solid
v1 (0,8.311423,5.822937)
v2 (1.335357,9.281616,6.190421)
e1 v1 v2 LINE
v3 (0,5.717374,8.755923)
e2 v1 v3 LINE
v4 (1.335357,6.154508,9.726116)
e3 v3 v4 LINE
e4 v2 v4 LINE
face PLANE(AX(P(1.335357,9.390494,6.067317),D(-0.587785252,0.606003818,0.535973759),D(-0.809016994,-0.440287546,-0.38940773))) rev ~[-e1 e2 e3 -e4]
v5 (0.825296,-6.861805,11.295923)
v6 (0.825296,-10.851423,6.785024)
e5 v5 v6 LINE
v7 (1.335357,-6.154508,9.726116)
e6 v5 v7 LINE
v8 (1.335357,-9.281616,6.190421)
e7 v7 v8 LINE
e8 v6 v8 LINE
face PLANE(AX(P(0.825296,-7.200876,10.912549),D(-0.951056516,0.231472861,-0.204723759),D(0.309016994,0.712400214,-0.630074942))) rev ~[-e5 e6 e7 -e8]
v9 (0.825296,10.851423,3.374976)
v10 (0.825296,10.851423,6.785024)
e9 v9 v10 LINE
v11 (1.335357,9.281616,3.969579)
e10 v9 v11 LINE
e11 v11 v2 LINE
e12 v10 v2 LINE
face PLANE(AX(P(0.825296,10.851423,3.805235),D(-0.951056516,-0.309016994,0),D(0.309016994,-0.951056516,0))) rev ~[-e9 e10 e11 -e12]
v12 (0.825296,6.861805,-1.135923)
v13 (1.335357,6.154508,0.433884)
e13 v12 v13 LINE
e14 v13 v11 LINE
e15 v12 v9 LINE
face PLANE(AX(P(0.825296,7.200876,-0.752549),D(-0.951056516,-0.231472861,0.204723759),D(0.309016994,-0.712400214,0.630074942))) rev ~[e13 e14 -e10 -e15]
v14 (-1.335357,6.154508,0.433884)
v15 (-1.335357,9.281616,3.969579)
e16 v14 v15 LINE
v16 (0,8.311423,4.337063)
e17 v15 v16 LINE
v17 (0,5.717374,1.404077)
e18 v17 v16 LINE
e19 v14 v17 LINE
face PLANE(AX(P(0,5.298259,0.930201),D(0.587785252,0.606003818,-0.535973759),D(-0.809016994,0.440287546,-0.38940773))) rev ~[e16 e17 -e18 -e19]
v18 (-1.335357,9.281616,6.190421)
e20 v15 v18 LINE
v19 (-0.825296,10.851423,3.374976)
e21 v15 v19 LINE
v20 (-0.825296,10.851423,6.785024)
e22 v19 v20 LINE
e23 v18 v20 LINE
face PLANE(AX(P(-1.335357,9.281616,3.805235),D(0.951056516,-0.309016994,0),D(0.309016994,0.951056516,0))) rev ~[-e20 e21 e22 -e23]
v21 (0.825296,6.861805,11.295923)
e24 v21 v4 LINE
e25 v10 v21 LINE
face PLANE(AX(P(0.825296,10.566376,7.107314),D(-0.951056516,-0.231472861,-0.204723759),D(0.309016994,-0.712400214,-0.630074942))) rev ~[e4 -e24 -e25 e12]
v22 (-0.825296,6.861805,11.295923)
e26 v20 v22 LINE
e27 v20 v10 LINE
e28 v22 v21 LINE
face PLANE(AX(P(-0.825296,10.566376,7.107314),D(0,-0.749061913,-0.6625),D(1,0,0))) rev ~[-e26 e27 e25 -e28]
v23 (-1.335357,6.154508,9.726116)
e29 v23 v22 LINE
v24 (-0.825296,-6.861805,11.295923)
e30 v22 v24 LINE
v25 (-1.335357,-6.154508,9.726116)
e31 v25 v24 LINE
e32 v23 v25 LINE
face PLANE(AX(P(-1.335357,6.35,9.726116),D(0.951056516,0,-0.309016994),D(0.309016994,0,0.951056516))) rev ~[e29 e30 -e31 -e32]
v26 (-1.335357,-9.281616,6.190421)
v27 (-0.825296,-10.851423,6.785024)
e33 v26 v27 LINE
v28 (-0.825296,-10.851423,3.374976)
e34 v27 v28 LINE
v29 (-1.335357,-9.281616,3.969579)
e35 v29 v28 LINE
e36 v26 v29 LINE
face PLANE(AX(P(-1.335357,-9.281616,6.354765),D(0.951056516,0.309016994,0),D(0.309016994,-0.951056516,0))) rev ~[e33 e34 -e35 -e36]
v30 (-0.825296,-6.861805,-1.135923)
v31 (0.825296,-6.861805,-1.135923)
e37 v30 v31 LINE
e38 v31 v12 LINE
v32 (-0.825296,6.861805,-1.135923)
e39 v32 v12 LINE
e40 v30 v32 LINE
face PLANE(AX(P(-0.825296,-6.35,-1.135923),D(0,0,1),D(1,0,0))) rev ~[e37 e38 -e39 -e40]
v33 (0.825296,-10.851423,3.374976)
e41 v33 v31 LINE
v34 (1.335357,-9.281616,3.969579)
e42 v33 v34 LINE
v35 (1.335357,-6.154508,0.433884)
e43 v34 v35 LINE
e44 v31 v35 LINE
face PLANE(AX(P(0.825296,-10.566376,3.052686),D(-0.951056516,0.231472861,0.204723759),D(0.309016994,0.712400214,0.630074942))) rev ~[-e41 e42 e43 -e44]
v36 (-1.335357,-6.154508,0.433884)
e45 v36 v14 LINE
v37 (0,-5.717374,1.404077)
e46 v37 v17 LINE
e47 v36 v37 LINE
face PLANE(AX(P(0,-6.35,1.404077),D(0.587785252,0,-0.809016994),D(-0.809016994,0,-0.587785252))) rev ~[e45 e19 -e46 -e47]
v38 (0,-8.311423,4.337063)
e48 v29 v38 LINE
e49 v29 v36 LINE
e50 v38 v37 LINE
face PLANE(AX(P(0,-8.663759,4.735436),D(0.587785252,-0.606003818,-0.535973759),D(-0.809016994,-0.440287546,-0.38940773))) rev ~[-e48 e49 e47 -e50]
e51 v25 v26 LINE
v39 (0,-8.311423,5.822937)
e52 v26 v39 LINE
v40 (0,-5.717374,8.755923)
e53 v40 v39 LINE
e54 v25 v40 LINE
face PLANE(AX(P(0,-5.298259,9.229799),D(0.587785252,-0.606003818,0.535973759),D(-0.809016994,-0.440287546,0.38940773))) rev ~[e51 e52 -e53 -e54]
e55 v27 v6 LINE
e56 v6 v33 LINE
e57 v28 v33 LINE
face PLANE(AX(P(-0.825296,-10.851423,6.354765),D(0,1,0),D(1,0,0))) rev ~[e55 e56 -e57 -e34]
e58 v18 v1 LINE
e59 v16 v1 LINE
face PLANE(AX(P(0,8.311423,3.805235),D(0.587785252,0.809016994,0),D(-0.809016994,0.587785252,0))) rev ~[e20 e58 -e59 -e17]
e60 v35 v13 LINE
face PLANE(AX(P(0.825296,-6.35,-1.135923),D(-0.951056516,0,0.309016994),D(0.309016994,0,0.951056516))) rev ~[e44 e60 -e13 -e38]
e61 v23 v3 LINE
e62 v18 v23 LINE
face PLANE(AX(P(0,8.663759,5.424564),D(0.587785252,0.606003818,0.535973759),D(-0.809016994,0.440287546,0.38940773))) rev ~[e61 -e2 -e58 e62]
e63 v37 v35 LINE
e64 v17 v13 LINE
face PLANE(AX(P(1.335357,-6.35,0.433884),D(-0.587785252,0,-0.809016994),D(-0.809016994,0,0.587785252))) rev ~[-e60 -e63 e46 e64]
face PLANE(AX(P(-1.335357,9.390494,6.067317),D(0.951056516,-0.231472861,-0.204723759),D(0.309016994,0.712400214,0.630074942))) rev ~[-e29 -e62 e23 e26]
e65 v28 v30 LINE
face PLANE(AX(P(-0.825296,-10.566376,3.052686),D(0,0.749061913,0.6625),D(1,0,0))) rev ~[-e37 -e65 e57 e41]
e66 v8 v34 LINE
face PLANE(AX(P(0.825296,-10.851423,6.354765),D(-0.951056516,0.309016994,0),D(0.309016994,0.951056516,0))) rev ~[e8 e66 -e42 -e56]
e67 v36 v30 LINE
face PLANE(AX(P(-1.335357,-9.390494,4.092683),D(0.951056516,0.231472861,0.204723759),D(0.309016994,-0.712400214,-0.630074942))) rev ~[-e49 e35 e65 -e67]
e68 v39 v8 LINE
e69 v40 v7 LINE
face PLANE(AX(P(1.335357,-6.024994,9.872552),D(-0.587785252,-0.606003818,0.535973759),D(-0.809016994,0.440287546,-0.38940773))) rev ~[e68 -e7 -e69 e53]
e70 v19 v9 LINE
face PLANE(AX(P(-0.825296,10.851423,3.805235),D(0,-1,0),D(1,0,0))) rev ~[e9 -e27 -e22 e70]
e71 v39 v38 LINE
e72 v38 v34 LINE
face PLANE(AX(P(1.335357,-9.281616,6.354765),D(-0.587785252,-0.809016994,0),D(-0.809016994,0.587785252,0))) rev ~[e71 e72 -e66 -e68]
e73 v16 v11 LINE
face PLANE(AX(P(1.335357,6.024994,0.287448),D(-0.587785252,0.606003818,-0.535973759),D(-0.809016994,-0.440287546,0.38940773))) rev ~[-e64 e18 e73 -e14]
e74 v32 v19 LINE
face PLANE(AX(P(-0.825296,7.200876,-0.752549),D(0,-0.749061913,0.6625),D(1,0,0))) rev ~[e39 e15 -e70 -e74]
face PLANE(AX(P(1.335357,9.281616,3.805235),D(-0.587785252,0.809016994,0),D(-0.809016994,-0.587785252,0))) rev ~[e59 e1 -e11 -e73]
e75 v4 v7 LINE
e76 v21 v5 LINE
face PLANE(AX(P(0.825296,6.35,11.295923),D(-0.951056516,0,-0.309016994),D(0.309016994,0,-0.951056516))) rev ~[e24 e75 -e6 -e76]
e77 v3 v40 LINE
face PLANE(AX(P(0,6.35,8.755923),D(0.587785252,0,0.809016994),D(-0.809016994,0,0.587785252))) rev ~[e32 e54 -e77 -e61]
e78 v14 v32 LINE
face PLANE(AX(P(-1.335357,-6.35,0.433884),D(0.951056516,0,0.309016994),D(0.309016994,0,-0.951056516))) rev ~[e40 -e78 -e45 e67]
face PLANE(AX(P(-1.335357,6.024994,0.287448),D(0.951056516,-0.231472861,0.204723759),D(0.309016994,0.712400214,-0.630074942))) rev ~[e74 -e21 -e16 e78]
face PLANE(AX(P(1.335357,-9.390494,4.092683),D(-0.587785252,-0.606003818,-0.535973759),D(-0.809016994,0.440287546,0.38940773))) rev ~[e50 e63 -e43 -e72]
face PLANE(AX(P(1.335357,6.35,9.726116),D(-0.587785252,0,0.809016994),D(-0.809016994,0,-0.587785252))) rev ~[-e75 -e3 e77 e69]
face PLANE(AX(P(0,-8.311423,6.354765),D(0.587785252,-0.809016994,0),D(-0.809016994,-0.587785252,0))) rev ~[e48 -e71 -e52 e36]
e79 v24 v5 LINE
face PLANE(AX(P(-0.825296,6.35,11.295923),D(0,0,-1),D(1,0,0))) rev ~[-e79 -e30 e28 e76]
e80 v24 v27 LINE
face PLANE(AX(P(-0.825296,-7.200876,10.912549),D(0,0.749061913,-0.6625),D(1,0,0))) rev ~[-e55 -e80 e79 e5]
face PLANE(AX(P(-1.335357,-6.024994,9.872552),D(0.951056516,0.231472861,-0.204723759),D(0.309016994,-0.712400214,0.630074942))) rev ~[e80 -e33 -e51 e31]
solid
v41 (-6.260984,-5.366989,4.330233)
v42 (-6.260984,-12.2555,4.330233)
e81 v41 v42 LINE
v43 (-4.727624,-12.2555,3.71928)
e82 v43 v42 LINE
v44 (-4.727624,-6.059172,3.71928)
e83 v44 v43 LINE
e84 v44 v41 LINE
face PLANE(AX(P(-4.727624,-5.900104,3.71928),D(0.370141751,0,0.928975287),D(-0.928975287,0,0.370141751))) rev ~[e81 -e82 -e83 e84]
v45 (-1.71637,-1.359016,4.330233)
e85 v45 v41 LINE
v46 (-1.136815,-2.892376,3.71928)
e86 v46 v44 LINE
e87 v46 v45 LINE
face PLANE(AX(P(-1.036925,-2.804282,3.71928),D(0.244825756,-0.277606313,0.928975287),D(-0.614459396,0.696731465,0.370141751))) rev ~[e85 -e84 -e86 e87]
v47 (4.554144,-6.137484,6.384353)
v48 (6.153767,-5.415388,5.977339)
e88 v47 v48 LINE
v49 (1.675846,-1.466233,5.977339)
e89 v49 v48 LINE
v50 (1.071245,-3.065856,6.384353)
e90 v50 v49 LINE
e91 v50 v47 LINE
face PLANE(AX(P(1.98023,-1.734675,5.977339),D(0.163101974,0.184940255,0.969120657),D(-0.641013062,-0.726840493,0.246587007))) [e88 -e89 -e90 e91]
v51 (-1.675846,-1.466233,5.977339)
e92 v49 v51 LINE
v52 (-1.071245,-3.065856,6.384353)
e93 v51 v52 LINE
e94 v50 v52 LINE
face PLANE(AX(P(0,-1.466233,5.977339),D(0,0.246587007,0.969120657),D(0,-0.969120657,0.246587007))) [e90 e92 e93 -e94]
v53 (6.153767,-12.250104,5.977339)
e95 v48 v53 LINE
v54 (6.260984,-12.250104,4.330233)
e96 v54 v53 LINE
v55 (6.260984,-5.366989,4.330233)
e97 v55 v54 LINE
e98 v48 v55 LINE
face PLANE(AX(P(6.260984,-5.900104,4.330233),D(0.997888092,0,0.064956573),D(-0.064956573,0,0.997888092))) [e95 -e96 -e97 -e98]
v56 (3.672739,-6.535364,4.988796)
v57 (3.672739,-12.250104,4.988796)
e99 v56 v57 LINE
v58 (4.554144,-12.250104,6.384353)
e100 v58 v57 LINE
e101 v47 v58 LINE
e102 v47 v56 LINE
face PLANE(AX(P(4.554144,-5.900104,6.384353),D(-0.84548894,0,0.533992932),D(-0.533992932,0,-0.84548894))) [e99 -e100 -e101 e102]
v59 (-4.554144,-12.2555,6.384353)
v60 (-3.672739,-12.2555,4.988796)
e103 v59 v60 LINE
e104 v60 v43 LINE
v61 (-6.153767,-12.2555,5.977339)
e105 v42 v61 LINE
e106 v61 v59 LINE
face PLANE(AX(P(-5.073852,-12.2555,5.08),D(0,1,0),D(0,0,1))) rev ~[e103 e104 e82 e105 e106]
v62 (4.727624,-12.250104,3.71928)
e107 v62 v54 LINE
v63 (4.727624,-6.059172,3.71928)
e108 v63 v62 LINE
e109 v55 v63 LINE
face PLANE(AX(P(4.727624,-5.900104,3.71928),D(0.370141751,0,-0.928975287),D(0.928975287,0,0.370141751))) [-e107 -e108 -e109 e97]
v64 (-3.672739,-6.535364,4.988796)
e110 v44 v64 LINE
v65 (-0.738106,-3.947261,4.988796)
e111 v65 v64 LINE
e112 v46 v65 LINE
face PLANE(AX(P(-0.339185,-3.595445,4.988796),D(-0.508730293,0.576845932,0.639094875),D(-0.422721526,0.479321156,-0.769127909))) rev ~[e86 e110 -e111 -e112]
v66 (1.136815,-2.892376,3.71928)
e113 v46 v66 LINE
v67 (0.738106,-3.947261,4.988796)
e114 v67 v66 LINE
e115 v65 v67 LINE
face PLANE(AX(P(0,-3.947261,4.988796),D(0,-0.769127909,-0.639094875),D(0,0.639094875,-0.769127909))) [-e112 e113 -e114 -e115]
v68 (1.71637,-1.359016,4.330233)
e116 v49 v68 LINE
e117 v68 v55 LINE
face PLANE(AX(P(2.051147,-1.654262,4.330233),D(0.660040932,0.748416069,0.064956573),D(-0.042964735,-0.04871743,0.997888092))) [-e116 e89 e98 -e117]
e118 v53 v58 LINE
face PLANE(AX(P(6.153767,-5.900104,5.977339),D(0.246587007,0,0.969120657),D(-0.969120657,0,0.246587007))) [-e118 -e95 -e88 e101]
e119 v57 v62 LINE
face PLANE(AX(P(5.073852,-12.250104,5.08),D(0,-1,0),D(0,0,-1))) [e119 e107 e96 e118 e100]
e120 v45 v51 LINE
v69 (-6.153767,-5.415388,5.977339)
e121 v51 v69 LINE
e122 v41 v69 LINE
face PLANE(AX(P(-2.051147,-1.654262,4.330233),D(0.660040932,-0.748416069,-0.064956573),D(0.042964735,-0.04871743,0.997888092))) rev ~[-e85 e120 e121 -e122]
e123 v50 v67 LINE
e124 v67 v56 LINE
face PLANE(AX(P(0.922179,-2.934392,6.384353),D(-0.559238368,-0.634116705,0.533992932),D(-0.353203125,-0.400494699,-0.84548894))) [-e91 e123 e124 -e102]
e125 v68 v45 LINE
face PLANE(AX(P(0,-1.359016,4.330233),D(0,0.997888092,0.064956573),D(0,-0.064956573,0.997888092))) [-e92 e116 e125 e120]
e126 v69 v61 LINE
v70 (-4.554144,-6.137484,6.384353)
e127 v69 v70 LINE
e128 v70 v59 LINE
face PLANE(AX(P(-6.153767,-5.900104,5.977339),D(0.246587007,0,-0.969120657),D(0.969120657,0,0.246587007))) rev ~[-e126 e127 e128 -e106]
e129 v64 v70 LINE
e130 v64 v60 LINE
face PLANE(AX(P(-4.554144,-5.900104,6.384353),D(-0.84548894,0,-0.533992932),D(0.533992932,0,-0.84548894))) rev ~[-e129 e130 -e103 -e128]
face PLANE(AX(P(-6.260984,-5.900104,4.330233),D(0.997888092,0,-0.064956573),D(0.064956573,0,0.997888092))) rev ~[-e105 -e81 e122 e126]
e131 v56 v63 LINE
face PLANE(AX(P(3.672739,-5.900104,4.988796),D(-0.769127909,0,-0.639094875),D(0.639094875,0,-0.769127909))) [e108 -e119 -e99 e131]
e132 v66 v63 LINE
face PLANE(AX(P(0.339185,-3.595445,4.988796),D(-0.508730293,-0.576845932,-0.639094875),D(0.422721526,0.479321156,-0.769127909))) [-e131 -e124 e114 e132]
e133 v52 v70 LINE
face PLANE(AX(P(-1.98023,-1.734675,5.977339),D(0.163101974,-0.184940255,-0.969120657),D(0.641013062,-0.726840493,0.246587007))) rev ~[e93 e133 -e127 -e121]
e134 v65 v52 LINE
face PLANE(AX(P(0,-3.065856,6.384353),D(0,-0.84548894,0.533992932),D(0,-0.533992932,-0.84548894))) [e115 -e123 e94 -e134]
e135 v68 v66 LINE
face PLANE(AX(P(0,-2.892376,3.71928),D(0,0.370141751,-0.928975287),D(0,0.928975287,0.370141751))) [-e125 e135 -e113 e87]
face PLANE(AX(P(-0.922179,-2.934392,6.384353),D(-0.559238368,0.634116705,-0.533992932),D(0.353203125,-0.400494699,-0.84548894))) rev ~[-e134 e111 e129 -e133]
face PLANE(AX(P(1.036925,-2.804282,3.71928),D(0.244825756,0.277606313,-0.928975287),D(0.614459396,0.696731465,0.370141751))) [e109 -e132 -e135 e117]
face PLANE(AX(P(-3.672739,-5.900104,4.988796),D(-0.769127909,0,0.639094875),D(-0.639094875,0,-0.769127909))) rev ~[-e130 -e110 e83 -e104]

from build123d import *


with BuildPart() as f2:
    # F2: sweep along a path in F1
    with BuildLine(Plane.YZ) as f2_path:
        Line((-9.7155, 6.3547654803), (-9.7155, 3.8052345197))
        Line((-9.7155, 3.8052345197), (-6.35, 0))
        Line((-6.35, 0), (6.35, 0))
        Line((6.35, 0), (9.7155, 3.8052345197))
        Line((9.7155, 3.8052345197), (9.7155, 6.3547654803))
        Line((9.7155, 6.3547654803), (6.35, 10.16))
        Line((6.35, 10.16), (-6.35, 10.16))
        Line((-6.35, 10.16), (-9.7155, 6.3547654803))
    # F0 (on Front) → F2 (sweep)
    with BuildSketch(Plane.XZ):
        Polygon((0, 1.4040774674), (-1.3353570248, 0.4338837989), (-0.8252960284, -1.1359225326), (0.8252960284, -1.1359225326), (1.3353570248, 0.4338837989), align=None)
    sweep(path=f2_path.line, transition=Transition.RIGHT)


with BuildPart() as f6:
    # F6: sweep along a path in F4
    with BuildLine(Plane.XY.offset(5.08)) as f6_path:
        Line((0, -2.54), (-1.27, -2.54))
        Line((-1.27, -2.54), (-5.08, -5.9001041651))
        Line((-5.08, -5.9001041651), (-5.08, -12.2555))
    # F5 (on Right) → F6 (sweep)
    with BuildSketch(Plane.YZ):
        Polygon((-3.0658560668, 6.3843532686), (-3.9472605593, 4.9887959395), (-2.8923756347, 3.7192795221), (-1.3590164046, 4.330232556), (-1.466233208, 5.9773387138), align=None)
    sweep(path=f6_path.line, transition=Transition.RIGHT)

    # F7: sweep along a path in F4
    with BuildLine(Plane.XY.offset(5.08)) as f7_path:
        Line((0, -2.54), (1.27, -2.54))
        Line((1.27, -2.54), (5.08, -5.9001041651))
        Line((5.08, -5.9001041651), (5.08, -12.2501041651))
    # F5 (on Right) → F7 (sweep)
    with BuildSketch(Plane.YZ):
        Polygon((-3.0658560668, 6.3843532686), (-3.9472605593, 4.9887959395), (-2.8923756347, 3.7192795221), (-1.3590164046, 4.330232556), (-1.466233208, 5.9773387138), align=None)
    sweep(path=f7_path.line, transition=Transition.RIGHT)


solid = Compound([f2.part, f6.part])
